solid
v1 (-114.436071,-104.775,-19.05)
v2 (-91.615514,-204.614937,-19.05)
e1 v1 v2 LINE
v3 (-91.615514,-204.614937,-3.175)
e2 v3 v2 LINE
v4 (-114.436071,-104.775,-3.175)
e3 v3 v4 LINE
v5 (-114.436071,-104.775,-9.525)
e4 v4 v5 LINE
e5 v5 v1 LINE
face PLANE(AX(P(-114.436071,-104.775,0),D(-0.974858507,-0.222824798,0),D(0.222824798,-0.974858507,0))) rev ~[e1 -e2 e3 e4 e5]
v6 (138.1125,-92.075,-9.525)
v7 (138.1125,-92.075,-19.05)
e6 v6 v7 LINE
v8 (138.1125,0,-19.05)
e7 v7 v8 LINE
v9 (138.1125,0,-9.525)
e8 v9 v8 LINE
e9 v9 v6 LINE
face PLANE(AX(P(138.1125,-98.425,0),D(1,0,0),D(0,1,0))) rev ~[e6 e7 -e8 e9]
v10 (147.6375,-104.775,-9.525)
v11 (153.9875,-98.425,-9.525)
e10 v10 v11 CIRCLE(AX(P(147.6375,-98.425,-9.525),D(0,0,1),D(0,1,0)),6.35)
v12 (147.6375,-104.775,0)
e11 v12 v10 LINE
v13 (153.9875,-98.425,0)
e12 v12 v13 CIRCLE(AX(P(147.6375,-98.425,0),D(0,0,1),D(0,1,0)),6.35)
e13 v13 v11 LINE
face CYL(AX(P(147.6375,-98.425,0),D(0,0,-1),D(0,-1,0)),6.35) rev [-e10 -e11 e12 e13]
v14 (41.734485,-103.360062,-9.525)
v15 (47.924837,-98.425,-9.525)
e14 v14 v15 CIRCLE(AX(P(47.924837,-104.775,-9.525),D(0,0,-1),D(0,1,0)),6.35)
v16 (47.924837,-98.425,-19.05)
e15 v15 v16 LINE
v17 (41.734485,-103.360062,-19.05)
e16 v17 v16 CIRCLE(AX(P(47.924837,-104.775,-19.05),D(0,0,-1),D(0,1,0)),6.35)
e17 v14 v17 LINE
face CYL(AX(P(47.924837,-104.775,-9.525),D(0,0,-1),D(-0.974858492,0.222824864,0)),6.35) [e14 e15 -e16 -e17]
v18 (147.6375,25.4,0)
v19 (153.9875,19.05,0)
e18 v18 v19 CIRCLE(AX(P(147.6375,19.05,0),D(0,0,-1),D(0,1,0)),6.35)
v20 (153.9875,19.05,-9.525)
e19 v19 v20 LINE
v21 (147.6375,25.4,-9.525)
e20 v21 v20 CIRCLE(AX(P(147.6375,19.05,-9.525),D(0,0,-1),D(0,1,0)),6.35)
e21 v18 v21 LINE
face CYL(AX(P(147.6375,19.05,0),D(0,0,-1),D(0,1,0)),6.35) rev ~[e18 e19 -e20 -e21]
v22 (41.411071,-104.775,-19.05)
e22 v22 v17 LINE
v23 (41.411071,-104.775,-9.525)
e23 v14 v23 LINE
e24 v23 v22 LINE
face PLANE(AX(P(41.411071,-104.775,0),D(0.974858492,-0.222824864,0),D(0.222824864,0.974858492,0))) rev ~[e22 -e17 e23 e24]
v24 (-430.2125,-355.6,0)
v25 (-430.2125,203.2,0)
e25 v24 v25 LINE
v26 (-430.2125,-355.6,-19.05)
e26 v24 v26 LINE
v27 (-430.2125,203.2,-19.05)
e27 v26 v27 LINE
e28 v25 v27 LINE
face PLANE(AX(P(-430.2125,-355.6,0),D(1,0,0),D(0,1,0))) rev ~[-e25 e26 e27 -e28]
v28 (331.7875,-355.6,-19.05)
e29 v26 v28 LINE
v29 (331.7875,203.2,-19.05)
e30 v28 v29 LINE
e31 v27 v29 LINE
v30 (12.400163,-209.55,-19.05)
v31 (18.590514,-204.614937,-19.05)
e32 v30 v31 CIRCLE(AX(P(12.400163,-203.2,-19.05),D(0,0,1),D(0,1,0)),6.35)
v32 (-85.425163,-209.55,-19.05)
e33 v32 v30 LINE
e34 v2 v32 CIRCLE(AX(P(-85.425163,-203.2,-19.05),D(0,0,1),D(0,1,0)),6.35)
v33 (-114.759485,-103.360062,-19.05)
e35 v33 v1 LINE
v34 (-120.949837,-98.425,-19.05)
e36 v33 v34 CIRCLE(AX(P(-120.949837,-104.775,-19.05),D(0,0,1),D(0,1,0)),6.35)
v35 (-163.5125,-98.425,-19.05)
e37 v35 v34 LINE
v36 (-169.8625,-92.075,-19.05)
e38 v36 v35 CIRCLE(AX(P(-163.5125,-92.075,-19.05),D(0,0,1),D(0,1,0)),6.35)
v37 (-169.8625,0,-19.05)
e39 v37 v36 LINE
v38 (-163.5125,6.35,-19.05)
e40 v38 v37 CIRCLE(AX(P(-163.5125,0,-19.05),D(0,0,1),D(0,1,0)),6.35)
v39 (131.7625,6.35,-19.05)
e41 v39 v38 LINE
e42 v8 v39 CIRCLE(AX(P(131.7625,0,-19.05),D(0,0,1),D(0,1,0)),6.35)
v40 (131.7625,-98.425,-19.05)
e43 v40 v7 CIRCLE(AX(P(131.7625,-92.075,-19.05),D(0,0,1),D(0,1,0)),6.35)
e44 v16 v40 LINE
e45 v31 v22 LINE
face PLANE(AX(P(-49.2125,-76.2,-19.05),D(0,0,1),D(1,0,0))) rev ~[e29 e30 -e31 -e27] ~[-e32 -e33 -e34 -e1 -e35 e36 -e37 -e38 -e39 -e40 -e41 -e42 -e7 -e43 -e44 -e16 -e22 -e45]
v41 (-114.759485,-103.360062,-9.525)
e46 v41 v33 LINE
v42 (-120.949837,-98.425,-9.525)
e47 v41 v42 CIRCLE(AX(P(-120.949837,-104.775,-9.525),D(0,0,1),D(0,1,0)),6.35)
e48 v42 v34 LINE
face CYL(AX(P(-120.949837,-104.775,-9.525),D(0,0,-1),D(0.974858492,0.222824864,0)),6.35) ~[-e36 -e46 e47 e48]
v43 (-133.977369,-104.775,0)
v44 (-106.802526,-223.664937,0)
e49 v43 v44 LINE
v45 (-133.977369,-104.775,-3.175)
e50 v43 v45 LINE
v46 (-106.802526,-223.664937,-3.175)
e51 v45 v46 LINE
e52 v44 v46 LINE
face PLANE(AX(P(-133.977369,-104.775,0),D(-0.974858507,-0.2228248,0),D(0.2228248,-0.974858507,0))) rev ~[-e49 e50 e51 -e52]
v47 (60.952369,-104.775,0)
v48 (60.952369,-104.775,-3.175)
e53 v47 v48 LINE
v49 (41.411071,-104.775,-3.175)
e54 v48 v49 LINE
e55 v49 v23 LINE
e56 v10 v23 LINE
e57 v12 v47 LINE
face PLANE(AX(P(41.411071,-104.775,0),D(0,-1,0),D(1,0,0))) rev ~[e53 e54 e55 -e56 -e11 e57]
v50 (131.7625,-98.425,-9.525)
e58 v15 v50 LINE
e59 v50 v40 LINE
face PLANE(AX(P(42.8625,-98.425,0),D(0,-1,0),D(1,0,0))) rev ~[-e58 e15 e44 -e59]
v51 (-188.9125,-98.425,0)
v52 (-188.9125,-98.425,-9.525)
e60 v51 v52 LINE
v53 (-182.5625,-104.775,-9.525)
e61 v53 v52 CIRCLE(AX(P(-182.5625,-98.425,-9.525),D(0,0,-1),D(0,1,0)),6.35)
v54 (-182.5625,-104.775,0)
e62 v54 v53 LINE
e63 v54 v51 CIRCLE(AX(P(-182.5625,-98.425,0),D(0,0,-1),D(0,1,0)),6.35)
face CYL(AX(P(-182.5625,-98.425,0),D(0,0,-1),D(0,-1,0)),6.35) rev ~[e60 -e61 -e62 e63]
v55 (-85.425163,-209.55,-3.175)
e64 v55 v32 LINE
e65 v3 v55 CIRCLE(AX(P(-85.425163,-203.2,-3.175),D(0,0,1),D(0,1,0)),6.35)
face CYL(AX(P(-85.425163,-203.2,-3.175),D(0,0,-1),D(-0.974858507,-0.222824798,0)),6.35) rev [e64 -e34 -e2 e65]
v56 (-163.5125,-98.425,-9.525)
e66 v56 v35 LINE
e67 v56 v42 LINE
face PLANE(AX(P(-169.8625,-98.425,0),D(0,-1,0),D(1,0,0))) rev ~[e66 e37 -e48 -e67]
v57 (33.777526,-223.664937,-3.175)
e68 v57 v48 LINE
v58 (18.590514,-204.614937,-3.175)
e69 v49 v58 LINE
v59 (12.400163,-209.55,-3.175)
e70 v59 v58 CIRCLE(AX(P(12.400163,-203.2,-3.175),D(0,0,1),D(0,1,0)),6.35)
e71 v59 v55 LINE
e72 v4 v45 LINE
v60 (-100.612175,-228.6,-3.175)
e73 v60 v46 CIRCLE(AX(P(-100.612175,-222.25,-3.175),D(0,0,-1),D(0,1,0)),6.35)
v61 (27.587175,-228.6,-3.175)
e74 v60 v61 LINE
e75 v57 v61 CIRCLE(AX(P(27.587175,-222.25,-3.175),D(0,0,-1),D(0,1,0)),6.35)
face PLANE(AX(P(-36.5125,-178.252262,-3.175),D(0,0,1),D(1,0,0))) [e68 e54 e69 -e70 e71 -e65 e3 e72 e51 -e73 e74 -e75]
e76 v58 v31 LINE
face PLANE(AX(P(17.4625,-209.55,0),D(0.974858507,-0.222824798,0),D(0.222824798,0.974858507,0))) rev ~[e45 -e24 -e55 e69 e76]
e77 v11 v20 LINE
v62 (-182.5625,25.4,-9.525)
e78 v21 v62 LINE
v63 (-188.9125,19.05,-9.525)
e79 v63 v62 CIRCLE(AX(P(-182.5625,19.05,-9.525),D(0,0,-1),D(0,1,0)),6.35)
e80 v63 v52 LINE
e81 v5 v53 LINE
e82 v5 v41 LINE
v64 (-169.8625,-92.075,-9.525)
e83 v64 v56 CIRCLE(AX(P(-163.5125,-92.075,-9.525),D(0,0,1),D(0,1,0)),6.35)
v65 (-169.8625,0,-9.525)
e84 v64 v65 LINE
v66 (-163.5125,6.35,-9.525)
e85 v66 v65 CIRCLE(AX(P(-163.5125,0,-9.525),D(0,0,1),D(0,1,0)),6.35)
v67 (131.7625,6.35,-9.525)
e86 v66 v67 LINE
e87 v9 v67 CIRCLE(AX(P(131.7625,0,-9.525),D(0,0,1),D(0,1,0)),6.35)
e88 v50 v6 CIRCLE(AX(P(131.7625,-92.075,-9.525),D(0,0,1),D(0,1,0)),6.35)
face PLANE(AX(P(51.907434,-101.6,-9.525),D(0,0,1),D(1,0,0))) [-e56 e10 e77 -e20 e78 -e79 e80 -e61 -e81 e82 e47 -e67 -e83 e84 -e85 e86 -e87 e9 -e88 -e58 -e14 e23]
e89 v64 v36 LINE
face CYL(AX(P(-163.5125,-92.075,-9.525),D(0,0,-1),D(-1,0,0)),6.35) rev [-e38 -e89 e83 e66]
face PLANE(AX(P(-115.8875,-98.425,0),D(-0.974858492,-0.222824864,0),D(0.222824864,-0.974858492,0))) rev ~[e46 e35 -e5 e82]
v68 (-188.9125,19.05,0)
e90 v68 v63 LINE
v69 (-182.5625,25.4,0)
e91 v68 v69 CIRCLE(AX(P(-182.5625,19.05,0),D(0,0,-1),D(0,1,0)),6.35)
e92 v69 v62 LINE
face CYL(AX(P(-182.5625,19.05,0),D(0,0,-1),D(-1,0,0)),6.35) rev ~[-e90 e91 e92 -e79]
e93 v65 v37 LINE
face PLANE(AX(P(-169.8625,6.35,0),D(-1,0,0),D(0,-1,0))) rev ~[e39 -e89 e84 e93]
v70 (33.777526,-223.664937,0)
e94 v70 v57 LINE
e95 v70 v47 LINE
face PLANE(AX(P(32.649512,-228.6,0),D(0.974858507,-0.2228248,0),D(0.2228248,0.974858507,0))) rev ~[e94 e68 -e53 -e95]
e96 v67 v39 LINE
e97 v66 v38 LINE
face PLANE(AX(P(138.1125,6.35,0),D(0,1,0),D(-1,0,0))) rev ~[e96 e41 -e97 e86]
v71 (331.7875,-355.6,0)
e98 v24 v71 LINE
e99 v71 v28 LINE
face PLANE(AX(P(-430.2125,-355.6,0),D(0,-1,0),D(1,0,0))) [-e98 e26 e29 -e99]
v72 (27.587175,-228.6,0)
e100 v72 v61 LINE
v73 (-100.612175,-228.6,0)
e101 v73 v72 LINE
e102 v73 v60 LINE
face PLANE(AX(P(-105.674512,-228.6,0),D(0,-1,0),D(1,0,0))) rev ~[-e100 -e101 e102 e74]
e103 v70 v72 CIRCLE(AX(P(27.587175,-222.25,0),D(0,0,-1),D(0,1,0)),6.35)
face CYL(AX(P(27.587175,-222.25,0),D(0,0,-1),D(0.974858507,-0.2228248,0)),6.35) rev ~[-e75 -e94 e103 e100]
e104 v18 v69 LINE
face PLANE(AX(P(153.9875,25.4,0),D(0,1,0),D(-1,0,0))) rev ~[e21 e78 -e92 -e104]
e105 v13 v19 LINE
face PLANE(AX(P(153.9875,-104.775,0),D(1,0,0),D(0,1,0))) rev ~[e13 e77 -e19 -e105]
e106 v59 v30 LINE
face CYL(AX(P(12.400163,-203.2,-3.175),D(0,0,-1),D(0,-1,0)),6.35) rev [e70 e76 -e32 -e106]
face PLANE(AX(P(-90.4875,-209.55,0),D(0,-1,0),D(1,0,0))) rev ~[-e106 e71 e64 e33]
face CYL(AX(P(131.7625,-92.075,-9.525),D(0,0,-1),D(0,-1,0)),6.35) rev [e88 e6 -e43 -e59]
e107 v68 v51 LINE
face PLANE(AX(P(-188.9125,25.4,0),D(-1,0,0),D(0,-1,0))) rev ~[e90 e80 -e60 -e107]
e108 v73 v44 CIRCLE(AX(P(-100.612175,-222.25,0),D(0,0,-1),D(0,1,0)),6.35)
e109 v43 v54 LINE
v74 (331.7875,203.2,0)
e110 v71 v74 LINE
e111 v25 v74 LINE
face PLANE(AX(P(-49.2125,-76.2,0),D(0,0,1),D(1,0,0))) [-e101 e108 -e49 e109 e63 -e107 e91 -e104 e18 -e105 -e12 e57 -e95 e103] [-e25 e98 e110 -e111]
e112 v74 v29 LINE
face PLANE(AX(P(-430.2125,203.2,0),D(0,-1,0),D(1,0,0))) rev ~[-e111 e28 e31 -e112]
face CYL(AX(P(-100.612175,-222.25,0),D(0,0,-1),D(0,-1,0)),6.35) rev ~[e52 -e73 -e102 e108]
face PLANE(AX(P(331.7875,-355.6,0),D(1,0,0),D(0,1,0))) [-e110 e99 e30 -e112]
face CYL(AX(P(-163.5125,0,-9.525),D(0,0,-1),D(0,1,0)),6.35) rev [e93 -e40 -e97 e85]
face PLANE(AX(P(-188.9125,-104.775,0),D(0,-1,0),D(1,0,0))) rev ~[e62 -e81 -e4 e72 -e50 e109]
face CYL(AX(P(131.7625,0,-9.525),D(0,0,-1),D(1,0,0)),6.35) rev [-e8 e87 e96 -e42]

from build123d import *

# Parameters (mm, degrees)
F0_W     = 762
F0_H     = 558.8
F2_DEPTH = 19.05
F3_DEPTH = 25.4
F4_DEPTH = 9.525
F5_DEPTH = 9.525
F6_DEPTH = 9.525
F7_DEPTH = 3.175
F8_R     = 6.35
F9_R     = 6.35


with BuildPart() as f2:
    # F0 (on Top) → F2 (new body)
    with BuildSketch(Plane.XY):
        with Locations((-49.2125, -76.2)):
            Rectangle(F0_W, F0_H)
    extrude(amount=-F2_DEPTH)

    # F1 (on face) → F3 (cut)
    with BuildSketch(Plane.XY):
        Polygon((-115.8875, -98.425), (-114.436071, -104.775), (-90.4875, -209.55), (17.4625, -209.55), (41.411071, -104.775), (42.8625, -98.425), (62.403797, -98.425), (138.1125, -98.425), (138.1125, 6.35), (-169.8625, 6.35), (-169.8625, -98.425), (-135.428797, -98.425), align=None)
    extrude(amount=-F3_DEPTH, mode=Mode.SUBTRACT)

    # F1 (on face) → F4 (cut)
    with BuildSketch(Plane.XY):
        Polygon((-188.9125, 25.4), (-188.9125, -104.775), (-133.977369, -104.775), (-135.428797, -98.425), (-169.8625, -98.425), (-169.8625, 6.35), (138.1125, 6.35), (138.1125, -98.425), (62.403797, -98.425), (60.952369, -104.775), (153.9875, -104.775), (153.9875, 25.4), align=None)
    extrude(amount=-F4_DEPTH, mode=Mode.SUBTRACT)

    # F1 (on face) → F5 (cut)
    with BuildSketch(Plane.XY):
        Polygon((41.411071, -104.775), (60.952369, -104.775), (62.403797, -98.425), (42.8625, -98.425), align=None)
    extrude(amount=-F5_DEPTH, mode=Mode.SUBTRACT)

    # F1 (on face) → F6 (cut)
    with BuildSketch(Plane.XY):
        Polygon((-135.428797, -98.425), (-133.977369, -104.775), (-114.436071, -104.775), (-115.8875, -98.425), align=None)
    extrude(amount=-F6_DEPTH, mode=Mode.SUBTRACT)

    # F1 (on face) → F7 (cut)
    with BuildSketch(Plane.XY):
        Polygon((-114.436071, -104.775), (-133.977369, -104.775), (-105.674512, -228.6), (32.649512, -228.6), (60.952369, -104.775), (41.411071, -104.775), (17.4625, -209.55), (-90.4875, -209.55), align=None)
    extrude(amount=-F7_DEPTH, mode=Mode.SUBTRACT)

    # F8
    f8_edges = [f2.edges().sort_by_distance(p)[0] for p in [
        (-169.8625, 6.35, -14.2875),
        (-169.8625, -98.425, -14.2875),
        (-115.8875, -98.425, -14.2875),
        (-90.4875, -209.55, -11.1125),
        (17.4625, -209.55, -11.1125),
        (42.8625, -98.425, -14.2875),
        (138.1125, -98.425, -14.2875),
        (138.1125, 6.35, -14.2875),
    ]]
    fillet(f8_edges, radius=F8_R)

    # F9
    f9_edges = [f2.edges().sort_by_distance(p)[0] for p in [
        (-188.9125, 25.4, -4.7625),
        (153.9875, 25.4, -4.7625),
        (153.9875, -104.775, -4.7625),
        (32.649512, -228.6, -1.5875),
        (-105.674512, -228.6, -1.5875),
        (-188.9125, -104.775, -4.7625),
    ]]
    fillet(f9_edges, radius=F9_R)


solid = f2.part
